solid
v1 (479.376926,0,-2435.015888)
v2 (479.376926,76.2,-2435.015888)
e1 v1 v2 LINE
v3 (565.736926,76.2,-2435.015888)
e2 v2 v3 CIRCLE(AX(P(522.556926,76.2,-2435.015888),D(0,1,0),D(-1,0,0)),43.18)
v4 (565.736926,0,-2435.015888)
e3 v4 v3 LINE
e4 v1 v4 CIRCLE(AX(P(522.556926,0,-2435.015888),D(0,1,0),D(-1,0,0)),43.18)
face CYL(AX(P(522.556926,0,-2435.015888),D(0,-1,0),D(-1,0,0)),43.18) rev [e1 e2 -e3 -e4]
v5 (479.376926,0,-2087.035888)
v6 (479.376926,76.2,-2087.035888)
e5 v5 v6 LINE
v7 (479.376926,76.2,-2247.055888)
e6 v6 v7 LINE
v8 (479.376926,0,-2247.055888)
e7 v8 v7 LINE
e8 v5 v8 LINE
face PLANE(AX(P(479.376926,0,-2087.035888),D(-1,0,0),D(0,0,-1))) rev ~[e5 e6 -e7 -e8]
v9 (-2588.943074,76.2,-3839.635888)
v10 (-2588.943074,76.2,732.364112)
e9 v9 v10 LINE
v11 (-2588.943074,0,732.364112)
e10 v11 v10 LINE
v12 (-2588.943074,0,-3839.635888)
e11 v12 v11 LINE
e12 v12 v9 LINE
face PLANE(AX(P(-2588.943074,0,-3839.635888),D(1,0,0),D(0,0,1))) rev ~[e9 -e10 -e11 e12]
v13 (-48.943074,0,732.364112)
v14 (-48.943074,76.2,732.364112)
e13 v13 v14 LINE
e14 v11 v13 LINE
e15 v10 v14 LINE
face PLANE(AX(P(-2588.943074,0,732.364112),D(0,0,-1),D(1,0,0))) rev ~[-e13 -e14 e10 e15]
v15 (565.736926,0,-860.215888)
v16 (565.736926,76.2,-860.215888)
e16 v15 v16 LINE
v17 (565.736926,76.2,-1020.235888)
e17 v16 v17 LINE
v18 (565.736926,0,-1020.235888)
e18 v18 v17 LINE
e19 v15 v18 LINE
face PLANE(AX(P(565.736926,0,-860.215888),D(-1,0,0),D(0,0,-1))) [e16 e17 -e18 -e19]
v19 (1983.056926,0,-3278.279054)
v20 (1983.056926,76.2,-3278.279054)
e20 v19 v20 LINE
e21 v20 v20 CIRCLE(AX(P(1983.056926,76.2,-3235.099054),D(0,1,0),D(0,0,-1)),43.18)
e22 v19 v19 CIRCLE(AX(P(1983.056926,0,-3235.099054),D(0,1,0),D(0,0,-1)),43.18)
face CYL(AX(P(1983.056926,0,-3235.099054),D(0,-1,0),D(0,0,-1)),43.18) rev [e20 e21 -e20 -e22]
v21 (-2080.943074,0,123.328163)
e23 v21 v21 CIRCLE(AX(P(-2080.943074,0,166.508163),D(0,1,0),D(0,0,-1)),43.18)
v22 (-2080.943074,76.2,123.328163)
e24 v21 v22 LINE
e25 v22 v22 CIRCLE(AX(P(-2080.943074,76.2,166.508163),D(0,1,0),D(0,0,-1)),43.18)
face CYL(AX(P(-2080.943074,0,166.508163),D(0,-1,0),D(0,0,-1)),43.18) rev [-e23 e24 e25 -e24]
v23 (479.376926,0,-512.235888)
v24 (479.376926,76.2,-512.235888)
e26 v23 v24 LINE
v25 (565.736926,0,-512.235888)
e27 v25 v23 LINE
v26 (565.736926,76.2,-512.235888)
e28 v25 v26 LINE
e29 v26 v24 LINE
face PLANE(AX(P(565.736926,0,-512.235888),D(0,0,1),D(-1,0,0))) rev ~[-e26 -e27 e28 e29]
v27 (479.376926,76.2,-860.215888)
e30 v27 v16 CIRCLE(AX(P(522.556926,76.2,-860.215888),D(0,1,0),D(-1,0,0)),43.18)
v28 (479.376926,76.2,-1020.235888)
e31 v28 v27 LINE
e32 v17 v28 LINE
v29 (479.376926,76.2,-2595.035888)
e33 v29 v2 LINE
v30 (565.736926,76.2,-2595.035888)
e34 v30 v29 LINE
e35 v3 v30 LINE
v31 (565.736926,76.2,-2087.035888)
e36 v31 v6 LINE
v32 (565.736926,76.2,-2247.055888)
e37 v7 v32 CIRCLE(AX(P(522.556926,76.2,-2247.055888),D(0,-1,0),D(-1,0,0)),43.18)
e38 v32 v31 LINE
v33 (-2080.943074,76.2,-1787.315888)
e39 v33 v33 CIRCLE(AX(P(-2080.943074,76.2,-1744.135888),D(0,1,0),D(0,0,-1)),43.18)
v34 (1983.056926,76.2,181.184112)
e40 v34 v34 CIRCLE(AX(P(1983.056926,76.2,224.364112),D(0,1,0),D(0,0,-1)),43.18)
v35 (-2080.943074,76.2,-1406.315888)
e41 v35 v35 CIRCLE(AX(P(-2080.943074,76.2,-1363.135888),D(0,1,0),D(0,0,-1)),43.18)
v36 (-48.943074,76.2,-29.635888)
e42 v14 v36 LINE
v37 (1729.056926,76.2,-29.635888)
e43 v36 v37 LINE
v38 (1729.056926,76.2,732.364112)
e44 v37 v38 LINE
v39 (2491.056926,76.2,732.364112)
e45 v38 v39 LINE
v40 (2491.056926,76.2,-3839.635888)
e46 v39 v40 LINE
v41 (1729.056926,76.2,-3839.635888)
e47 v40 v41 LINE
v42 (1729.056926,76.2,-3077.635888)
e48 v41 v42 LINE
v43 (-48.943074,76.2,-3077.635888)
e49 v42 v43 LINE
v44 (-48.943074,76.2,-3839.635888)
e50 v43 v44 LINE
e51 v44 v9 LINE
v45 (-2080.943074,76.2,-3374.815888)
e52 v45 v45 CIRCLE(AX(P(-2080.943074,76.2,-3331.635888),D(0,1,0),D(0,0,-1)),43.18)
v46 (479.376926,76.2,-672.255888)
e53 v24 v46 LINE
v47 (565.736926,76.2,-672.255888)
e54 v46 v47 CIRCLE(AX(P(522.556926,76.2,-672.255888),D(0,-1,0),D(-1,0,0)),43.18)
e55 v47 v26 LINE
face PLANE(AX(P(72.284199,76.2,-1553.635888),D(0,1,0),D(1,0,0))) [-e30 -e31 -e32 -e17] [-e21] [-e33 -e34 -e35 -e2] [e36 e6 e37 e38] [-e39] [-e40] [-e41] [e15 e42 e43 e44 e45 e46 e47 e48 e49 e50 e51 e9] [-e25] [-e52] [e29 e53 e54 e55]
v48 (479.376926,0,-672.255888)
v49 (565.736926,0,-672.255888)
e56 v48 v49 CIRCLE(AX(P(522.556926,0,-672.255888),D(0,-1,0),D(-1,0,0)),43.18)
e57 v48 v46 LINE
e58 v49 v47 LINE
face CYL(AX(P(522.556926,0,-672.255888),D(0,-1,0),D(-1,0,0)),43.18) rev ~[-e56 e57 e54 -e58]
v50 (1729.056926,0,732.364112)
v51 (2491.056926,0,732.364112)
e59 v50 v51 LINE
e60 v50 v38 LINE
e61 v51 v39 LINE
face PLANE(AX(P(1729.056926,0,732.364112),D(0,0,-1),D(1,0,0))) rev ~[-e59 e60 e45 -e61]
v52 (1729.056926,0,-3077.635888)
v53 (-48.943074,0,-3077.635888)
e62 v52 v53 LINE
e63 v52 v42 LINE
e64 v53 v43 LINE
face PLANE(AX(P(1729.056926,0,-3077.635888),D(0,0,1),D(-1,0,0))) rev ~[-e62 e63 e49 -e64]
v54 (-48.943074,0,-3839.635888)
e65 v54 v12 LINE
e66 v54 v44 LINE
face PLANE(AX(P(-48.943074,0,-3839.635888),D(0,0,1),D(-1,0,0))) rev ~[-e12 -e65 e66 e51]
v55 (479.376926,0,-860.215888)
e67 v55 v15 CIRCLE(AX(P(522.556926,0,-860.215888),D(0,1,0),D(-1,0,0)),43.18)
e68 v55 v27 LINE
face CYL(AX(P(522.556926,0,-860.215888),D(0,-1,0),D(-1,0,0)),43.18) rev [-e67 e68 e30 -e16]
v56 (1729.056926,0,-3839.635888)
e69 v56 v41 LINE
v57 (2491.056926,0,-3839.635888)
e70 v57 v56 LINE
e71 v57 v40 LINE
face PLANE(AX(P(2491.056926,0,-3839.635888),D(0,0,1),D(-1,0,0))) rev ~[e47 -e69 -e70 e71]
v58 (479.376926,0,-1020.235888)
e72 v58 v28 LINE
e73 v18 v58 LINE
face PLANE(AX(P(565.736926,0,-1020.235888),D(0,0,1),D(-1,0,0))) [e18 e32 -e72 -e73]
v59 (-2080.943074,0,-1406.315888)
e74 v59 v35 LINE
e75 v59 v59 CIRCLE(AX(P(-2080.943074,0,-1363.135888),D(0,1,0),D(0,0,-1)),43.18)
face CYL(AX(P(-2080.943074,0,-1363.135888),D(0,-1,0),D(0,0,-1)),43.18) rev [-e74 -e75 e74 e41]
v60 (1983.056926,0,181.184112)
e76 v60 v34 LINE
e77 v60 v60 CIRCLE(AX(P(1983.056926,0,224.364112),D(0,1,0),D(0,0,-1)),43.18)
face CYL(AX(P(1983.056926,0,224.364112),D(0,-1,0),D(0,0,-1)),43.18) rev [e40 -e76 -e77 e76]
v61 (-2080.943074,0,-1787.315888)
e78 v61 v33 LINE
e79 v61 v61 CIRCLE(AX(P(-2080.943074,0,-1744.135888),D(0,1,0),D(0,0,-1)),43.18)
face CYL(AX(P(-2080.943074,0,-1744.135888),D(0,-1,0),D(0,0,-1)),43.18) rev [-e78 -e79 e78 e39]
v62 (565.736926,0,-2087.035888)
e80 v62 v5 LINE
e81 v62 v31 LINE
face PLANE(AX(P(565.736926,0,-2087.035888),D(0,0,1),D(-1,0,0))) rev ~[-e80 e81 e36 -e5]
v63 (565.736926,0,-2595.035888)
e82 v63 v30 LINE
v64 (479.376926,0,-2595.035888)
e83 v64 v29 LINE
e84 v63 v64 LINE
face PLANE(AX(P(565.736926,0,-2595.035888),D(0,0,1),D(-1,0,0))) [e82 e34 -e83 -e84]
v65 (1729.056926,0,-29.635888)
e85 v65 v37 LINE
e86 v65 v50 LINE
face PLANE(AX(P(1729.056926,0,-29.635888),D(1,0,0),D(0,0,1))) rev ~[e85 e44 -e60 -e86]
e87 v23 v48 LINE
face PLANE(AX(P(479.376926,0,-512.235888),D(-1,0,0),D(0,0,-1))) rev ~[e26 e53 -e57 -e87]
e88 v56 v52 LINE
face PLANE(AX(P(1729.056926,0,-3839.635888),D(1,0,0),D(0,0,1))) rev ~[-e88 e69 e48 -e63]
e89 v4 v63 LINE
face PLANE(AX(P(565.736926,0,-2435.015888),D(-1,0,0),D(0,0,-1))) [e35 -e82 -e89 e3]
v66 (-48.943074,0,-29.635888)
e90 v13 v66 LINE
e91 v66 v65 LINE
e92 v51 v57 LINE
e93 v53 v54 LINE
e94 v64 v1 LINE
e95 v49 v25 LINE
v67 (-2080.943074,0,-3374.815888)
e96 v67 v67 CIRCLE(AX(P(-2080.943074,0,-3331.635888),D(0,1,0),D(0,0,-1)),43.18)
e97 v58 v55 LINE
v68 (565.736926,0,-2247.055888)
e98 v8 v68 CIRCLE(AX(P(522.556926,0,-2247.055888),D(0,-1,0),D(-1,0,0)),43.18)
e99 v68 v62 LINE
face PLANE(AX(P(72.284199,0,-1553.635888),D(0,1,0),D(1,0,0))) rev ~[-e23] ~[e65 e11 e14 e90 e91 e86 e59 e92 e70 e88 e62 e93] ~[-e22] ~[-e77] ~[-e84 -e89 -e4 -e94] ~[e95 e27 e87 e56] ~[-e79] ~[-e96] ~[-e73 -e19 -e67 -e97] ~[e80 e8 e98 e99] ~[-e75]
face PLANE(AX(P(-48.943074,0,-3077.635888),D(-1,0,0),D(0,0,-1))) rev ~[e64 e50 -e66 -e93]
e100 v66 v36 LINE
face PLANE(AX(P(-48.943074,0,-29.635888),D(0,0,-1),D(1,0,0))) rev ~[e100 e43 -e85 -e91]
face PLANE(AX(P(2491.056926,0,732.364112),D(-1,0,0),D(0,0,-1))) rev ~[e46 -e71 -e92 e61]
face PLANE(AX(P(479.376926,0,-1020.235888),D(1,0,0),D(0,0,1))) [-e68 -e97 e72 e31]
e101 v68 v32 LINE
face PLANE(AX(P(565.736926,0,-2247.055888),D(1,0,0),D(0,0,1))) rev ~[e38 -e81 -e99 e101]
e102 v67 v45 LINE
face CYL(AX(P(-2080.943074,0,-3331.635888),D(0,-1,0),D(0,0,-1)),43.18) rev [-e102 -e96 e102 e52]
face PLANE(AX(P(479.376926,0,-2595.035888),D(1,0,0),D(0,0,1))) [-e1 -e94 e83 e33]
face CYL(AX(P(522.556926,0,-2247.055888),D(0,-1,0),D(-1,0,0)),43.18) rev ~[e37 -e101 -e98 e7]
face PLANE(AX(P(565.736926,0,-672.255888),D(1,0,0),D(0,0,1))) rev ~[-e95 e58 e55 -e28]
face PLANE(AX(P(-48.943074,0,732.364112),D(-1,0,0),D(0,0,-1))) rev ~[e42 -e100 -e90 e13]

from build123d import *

# Parameters (mm, degrees)
SKETCH1_R           = 43.18
BOSS_EXTRUDE1_DEPTH = 76.2


with BuildPart() as part:
    # Sketch1 → Boss-Extrude1 (new body)
    with BuildSketch(Plane(origin=(0, 0, 0), x_dir=(1, 0, 0), z_dir=(0, 1, 0))):
        Polygon((-48.943073508, 29.635887653), (1729.056926492, 29.635887653), (1729.056926492, -732.364112347), (2491.056926492, -732.364112347), (2491.056926492, 3839.635887653), (1729.056926492, 3839.635887653), (1729.056926492, 3077.635887653), (-48.943073508, 3077.635887653), (-48.943073508, 3839.635887653), (-2588.943073508, 3839.635887653), (-2588.943073508, -732.364112347), (-48.943073508, -732.364112347), align=None)
        with Locations(Location((-2080.943073508, -166.508163088, 0), (0, 0, 90))):
            Circle(SKETCH1_R, mode=Mode.SUBTRACT)
        with Locations(Location((-2080.943073508, 1744.135887653, 0), (0, 0, 90))):
            Circle(SKETCH1_R, mode=Mode.SUBTRACT)
        with Locations(Location((-2080.943073508, 1363.135887653, 0), (0, 0, 90))):
            Circle(SKETCH1_R, mode=Mode.SUBTRACT)
        with Locations(Location((-2080.943073508, 3331.635887653, 0), (0, 0, 90))):
            Circle(SKETCH1_R, mode=Mode.SUBTRACT)
        with Locations(Location((1983.056926492, -224.364112347, 0), (0, 0, 90))):
            Circle(SKETCH1_R, mode=Mode.SUBTRACT)
        with Locations(Location((1983.056926492, 3235.099053778, 0), (0, 0, 90))):
            Circle(SKETCH1_R, mode=Mode.SUBTRACT)
        with BuildLine():
            Line((565.736926492, 2435.015887653), (565.736926492, 2595.035887653))
            Line((565.736926492, 2595.035887653), (479.376926492, 2595.035887653))
            Line((479.376926492, 2595.035887653), (479.376926492, 2435.015887653))
            ThreePointArc((479.376926492, 2435.015887653), (522.556926492, 2391.835887653), (565.736926492, 2435.015887653))
        make_face(mode=Mode.SUBTRACT)
        with BuildLine():
            Line((565.736926492, 2247.055887653), (565.736926492, 2087.035887653))
            Line((565.736926492, 2087.035887653), (479.376926492, 2087.035887653))
            Line((479.376926492, 2087.035887653), (479.376926492, 2247.055887653))
            ThreePointArc((479.376926492, 2247.055887653), (522.556926492, 2290.235887653), (565.736926492, 2247.055887653))
        make_face(mode=Mode.SUBTRACT)
        with BuildLine():
            Line((479.376926492, 1020.235887653), (479.376926492, 860.215887653))
            ThreePointArc((479.376926492, 860.215887653), (522.556926492, 817.035887653), (565.736926492, 860.215887653))
            Line((565.736926492, 860.215887653), (565.736926492, 1020.235887653))
            Line((565.736926492, 1020.235887653), (479.376926492, 1020.235887653))
        make_face(mode=Mode.SUBTRACT)
        with BuildLine():
            Line((479.376926492, 512.235887653), (479.376926492, 672.255887653))
            ThreePointArc((479.376926492, 672.255887653), (522.556926492, 715.435887653), (565.736926492, 672.255887653))
            Line((565.736926492, 672.255887653), (565.736926492, 512.235887653))
            Line((565.736926492, 512.235887653), (479.376926492, 512.235887653))
        make_face(mode=Mode.SUBTRACT)
    extrude(amount=BOSS_EXTRUDE1_DEPTH)


solid = part.part
